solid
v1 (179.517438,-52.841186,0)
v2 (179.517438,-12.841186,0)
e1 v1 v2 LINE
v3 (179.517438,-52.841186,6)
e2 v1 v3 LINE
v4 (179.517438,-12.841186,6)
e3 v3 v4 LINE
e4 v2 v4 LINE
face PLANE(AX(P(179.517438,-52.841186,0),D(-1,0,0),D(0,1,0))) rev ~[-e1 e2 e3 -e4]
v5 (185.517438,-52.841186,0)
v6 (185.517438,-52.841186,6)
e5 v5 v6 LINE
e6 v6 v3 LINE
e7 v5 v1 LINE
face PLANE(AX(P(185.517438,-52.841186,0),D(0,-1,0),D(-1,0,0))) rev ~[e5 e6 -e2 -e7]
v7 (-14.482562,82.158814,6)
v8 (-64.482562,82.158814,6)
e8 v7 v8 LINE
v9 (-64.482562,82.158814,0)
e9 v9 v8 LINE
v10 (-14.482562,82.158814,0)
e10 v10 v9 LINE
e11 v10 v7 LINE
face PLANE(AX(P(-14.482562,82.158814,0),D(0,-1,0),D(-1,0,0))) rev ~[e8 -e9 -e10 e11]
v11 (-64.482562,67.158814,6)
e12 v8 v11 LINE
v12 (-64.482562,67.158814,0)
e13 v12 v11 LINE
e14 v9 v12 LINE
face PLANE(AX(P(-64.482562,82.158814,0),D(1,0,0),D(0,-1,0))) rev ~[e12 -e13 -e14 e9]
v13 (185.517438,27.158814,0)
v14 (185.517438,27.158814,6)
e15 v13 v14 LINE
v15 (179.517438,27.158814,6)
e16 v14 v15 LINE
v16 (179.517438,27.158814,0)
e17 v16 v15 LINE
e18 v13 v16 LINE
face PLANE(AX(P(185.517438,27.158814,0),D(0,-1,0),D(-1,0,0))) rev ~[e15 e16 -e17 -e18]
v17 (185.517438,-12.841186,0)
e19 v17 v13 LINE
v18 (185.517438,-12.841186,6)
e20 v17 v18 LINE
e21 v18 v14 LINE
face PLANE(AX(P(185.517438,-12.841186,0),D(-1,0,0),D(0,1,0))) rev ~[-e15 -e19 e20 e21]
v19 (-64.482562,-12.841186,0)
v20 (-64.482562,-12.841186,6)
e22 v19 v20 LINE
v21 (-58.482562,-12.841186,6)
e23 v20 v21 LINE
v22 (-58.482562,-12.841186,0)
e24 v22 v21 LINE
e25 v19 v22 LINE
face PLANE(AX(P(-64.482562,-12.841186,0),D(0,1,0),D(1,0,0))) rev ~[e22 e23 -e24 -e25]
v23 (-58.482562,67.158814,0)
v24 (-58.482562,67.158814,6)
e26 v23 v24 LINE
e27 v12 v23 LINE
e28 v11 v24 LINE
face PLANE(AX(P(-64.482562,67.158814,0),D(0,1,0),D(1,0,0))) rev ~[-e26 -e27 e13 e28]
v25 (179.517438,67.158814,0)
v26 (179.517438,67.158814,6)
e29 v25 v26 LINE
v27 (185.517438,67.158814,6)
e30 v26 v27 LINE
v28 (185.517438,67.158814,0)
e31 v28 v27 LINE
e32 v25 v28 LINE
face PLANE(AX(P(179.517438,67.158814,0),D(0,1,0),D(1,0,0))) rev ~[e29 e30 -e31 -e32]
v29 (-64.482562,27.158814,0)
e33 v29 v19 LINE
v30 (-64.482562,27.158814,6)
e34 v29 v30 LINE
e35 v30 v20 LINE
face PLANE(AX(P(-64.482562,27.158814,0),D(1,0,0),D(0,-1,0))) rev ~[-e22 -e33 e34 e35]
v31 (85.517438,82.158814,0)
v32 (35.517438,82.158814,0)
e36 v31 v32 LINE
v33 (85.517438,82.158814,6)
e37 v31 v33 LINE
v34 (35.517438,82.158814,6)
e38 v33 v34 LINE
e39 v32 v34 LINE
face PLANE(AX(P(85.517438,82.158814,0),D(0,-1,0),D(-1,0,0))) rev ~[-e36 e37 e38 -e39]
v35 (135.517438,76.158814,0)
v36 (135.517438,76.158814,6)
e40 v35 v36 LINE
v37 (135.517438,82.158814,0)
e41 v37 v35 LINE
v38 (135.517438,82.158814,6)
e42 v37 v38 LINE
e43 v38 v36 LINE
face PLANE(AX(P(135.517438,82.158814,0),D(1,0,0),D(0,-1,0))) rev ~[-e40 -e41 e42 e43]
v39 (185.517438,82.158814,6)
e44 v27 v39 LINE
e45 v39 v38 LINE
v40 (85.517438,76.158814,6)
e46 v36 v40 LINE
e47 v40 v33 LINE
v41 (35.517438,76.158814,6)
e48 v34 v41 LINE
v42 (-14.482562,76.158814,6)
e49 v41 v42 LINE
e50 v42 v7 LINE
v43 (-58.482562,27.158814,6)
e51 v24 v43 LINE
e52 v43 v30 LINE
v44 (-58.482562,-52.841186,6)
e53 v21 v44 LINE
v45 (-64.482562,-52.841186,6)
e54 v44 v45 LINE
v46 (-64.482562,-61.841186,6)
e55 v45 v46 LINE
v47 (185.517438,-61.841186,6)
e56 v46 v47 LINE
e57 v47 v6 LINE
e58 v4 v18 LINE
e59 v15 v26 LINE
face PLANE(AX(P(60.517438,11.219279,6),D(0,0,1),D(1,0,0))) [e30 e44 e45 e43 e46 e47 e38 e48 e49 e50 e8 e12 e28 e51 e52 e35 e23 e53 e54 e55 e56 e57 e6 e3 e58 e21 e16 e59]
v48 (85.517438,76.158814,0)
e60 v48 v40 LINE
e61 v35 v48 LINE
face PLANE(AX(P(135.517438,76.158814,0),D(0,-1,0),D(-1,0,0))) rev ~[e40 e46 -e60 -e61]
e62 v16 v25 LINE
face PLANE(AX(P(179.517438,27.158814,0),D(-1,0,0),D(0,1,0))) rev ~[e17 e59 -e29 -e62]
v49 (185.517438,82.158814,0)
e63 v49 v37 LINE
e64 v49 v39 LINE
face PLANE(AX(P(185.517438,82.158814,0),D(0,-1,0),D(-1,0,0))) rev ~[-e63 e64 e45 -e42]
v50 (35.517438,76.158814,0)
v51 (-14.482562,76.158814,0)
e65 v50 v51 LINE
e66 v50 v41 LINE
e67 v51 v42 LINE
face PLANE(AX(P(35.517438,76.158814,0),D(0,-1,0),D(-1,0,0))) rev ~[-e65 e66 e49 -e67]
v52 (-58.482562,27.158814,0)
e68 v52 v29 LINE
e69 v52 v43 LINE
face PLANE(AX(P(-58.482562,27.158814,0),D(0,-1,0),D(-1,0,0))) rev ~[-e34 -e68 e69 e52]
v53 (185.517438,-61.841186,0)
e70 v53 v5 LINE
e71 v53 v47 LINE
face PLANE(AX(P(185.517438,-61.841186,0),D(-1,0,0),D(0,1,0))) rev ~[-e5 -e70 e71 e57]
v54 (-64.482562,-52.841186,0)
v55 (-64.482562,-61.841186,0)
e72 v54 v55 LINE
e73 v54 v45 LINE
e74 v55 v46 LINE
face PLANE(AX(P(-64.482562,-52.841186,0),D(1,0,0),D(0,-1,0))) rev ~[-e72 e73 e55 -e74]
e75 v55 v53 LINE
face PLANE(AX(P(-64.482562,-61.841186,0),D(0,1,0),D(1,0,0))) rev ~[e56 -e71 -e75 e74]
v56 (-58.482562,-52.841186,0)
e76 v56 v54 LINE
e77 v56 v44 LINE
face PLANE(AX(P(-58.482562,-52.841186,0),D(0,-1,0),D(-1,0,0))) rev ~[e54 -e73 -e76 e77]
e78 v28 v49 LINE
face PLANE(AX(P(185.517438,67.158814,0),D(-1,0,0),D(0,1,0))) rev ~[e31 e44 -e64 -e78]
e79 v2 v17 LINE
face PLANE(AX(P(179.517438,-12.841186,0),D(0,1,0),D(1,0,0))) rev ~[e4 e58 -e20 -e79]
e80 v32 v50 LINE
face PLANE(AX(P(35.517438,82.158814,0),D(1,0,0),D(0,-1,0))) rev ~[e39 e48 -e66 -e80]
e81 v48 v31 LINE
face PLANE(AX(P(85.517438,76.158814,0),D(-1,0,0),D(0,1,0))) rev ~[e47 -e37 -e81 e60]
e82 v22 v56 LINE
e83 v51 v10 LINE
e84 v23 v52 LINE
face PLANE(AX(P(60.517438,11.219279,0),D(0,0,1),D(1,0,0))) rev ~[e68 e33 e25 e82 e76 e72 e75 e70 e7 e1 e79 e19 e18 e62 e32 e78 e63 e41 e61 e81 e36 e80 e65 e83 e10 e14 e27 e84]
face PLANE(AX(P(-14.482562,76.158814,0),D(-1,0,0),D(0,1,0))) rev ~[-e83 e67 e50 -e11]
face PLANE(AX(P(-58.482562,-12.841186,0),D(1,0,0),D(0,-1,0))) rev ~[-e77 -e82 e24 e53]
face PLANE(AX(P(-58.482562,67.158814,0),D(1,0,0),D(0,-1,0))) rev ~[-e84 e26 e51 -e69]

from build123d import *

# Parameters (mm, degrees)
F1_DEPTH = 6


with BuildPart() as f1:
    # F0 (on Top) → F1 (new body)
    with BuildSketch(Plane.XY):
        Polygon((-58.482562, -52.841186), (-64.482562, -52.841186), (-64.482562, -61.841186), (185.517438, -61.841186), (185.517438, -52.841186), (179.517438, -52.841186), (179.517438, -12.841186), (185.517438, -12.841186), (185.517438, 27.158814), (179.517438, 27.158814), (179.517438, 67.158814), (185.517438, 67.158814), (185.517438, 82.158814), (135.517438, 82.158814), (135.517438, 76.158814), (85.517438, 76.158814), (85.517438, 82.158814), (35.517438, 82.158814), (35.517438, 76.158814), (-14.482562, 76.158814), (-14.482562, 82.158814), (-64.482562, 82.158814), (-64.482562, 67.158814), (-58.482562, 67.158814), (-58.482562, 27.158814), (-64.482562, 27.158814), (-64.482562, -12.841186), (-58.482562, -12.841186), align=None)
    extrude(amount=F1_DEPTH)


solid = f1.part
